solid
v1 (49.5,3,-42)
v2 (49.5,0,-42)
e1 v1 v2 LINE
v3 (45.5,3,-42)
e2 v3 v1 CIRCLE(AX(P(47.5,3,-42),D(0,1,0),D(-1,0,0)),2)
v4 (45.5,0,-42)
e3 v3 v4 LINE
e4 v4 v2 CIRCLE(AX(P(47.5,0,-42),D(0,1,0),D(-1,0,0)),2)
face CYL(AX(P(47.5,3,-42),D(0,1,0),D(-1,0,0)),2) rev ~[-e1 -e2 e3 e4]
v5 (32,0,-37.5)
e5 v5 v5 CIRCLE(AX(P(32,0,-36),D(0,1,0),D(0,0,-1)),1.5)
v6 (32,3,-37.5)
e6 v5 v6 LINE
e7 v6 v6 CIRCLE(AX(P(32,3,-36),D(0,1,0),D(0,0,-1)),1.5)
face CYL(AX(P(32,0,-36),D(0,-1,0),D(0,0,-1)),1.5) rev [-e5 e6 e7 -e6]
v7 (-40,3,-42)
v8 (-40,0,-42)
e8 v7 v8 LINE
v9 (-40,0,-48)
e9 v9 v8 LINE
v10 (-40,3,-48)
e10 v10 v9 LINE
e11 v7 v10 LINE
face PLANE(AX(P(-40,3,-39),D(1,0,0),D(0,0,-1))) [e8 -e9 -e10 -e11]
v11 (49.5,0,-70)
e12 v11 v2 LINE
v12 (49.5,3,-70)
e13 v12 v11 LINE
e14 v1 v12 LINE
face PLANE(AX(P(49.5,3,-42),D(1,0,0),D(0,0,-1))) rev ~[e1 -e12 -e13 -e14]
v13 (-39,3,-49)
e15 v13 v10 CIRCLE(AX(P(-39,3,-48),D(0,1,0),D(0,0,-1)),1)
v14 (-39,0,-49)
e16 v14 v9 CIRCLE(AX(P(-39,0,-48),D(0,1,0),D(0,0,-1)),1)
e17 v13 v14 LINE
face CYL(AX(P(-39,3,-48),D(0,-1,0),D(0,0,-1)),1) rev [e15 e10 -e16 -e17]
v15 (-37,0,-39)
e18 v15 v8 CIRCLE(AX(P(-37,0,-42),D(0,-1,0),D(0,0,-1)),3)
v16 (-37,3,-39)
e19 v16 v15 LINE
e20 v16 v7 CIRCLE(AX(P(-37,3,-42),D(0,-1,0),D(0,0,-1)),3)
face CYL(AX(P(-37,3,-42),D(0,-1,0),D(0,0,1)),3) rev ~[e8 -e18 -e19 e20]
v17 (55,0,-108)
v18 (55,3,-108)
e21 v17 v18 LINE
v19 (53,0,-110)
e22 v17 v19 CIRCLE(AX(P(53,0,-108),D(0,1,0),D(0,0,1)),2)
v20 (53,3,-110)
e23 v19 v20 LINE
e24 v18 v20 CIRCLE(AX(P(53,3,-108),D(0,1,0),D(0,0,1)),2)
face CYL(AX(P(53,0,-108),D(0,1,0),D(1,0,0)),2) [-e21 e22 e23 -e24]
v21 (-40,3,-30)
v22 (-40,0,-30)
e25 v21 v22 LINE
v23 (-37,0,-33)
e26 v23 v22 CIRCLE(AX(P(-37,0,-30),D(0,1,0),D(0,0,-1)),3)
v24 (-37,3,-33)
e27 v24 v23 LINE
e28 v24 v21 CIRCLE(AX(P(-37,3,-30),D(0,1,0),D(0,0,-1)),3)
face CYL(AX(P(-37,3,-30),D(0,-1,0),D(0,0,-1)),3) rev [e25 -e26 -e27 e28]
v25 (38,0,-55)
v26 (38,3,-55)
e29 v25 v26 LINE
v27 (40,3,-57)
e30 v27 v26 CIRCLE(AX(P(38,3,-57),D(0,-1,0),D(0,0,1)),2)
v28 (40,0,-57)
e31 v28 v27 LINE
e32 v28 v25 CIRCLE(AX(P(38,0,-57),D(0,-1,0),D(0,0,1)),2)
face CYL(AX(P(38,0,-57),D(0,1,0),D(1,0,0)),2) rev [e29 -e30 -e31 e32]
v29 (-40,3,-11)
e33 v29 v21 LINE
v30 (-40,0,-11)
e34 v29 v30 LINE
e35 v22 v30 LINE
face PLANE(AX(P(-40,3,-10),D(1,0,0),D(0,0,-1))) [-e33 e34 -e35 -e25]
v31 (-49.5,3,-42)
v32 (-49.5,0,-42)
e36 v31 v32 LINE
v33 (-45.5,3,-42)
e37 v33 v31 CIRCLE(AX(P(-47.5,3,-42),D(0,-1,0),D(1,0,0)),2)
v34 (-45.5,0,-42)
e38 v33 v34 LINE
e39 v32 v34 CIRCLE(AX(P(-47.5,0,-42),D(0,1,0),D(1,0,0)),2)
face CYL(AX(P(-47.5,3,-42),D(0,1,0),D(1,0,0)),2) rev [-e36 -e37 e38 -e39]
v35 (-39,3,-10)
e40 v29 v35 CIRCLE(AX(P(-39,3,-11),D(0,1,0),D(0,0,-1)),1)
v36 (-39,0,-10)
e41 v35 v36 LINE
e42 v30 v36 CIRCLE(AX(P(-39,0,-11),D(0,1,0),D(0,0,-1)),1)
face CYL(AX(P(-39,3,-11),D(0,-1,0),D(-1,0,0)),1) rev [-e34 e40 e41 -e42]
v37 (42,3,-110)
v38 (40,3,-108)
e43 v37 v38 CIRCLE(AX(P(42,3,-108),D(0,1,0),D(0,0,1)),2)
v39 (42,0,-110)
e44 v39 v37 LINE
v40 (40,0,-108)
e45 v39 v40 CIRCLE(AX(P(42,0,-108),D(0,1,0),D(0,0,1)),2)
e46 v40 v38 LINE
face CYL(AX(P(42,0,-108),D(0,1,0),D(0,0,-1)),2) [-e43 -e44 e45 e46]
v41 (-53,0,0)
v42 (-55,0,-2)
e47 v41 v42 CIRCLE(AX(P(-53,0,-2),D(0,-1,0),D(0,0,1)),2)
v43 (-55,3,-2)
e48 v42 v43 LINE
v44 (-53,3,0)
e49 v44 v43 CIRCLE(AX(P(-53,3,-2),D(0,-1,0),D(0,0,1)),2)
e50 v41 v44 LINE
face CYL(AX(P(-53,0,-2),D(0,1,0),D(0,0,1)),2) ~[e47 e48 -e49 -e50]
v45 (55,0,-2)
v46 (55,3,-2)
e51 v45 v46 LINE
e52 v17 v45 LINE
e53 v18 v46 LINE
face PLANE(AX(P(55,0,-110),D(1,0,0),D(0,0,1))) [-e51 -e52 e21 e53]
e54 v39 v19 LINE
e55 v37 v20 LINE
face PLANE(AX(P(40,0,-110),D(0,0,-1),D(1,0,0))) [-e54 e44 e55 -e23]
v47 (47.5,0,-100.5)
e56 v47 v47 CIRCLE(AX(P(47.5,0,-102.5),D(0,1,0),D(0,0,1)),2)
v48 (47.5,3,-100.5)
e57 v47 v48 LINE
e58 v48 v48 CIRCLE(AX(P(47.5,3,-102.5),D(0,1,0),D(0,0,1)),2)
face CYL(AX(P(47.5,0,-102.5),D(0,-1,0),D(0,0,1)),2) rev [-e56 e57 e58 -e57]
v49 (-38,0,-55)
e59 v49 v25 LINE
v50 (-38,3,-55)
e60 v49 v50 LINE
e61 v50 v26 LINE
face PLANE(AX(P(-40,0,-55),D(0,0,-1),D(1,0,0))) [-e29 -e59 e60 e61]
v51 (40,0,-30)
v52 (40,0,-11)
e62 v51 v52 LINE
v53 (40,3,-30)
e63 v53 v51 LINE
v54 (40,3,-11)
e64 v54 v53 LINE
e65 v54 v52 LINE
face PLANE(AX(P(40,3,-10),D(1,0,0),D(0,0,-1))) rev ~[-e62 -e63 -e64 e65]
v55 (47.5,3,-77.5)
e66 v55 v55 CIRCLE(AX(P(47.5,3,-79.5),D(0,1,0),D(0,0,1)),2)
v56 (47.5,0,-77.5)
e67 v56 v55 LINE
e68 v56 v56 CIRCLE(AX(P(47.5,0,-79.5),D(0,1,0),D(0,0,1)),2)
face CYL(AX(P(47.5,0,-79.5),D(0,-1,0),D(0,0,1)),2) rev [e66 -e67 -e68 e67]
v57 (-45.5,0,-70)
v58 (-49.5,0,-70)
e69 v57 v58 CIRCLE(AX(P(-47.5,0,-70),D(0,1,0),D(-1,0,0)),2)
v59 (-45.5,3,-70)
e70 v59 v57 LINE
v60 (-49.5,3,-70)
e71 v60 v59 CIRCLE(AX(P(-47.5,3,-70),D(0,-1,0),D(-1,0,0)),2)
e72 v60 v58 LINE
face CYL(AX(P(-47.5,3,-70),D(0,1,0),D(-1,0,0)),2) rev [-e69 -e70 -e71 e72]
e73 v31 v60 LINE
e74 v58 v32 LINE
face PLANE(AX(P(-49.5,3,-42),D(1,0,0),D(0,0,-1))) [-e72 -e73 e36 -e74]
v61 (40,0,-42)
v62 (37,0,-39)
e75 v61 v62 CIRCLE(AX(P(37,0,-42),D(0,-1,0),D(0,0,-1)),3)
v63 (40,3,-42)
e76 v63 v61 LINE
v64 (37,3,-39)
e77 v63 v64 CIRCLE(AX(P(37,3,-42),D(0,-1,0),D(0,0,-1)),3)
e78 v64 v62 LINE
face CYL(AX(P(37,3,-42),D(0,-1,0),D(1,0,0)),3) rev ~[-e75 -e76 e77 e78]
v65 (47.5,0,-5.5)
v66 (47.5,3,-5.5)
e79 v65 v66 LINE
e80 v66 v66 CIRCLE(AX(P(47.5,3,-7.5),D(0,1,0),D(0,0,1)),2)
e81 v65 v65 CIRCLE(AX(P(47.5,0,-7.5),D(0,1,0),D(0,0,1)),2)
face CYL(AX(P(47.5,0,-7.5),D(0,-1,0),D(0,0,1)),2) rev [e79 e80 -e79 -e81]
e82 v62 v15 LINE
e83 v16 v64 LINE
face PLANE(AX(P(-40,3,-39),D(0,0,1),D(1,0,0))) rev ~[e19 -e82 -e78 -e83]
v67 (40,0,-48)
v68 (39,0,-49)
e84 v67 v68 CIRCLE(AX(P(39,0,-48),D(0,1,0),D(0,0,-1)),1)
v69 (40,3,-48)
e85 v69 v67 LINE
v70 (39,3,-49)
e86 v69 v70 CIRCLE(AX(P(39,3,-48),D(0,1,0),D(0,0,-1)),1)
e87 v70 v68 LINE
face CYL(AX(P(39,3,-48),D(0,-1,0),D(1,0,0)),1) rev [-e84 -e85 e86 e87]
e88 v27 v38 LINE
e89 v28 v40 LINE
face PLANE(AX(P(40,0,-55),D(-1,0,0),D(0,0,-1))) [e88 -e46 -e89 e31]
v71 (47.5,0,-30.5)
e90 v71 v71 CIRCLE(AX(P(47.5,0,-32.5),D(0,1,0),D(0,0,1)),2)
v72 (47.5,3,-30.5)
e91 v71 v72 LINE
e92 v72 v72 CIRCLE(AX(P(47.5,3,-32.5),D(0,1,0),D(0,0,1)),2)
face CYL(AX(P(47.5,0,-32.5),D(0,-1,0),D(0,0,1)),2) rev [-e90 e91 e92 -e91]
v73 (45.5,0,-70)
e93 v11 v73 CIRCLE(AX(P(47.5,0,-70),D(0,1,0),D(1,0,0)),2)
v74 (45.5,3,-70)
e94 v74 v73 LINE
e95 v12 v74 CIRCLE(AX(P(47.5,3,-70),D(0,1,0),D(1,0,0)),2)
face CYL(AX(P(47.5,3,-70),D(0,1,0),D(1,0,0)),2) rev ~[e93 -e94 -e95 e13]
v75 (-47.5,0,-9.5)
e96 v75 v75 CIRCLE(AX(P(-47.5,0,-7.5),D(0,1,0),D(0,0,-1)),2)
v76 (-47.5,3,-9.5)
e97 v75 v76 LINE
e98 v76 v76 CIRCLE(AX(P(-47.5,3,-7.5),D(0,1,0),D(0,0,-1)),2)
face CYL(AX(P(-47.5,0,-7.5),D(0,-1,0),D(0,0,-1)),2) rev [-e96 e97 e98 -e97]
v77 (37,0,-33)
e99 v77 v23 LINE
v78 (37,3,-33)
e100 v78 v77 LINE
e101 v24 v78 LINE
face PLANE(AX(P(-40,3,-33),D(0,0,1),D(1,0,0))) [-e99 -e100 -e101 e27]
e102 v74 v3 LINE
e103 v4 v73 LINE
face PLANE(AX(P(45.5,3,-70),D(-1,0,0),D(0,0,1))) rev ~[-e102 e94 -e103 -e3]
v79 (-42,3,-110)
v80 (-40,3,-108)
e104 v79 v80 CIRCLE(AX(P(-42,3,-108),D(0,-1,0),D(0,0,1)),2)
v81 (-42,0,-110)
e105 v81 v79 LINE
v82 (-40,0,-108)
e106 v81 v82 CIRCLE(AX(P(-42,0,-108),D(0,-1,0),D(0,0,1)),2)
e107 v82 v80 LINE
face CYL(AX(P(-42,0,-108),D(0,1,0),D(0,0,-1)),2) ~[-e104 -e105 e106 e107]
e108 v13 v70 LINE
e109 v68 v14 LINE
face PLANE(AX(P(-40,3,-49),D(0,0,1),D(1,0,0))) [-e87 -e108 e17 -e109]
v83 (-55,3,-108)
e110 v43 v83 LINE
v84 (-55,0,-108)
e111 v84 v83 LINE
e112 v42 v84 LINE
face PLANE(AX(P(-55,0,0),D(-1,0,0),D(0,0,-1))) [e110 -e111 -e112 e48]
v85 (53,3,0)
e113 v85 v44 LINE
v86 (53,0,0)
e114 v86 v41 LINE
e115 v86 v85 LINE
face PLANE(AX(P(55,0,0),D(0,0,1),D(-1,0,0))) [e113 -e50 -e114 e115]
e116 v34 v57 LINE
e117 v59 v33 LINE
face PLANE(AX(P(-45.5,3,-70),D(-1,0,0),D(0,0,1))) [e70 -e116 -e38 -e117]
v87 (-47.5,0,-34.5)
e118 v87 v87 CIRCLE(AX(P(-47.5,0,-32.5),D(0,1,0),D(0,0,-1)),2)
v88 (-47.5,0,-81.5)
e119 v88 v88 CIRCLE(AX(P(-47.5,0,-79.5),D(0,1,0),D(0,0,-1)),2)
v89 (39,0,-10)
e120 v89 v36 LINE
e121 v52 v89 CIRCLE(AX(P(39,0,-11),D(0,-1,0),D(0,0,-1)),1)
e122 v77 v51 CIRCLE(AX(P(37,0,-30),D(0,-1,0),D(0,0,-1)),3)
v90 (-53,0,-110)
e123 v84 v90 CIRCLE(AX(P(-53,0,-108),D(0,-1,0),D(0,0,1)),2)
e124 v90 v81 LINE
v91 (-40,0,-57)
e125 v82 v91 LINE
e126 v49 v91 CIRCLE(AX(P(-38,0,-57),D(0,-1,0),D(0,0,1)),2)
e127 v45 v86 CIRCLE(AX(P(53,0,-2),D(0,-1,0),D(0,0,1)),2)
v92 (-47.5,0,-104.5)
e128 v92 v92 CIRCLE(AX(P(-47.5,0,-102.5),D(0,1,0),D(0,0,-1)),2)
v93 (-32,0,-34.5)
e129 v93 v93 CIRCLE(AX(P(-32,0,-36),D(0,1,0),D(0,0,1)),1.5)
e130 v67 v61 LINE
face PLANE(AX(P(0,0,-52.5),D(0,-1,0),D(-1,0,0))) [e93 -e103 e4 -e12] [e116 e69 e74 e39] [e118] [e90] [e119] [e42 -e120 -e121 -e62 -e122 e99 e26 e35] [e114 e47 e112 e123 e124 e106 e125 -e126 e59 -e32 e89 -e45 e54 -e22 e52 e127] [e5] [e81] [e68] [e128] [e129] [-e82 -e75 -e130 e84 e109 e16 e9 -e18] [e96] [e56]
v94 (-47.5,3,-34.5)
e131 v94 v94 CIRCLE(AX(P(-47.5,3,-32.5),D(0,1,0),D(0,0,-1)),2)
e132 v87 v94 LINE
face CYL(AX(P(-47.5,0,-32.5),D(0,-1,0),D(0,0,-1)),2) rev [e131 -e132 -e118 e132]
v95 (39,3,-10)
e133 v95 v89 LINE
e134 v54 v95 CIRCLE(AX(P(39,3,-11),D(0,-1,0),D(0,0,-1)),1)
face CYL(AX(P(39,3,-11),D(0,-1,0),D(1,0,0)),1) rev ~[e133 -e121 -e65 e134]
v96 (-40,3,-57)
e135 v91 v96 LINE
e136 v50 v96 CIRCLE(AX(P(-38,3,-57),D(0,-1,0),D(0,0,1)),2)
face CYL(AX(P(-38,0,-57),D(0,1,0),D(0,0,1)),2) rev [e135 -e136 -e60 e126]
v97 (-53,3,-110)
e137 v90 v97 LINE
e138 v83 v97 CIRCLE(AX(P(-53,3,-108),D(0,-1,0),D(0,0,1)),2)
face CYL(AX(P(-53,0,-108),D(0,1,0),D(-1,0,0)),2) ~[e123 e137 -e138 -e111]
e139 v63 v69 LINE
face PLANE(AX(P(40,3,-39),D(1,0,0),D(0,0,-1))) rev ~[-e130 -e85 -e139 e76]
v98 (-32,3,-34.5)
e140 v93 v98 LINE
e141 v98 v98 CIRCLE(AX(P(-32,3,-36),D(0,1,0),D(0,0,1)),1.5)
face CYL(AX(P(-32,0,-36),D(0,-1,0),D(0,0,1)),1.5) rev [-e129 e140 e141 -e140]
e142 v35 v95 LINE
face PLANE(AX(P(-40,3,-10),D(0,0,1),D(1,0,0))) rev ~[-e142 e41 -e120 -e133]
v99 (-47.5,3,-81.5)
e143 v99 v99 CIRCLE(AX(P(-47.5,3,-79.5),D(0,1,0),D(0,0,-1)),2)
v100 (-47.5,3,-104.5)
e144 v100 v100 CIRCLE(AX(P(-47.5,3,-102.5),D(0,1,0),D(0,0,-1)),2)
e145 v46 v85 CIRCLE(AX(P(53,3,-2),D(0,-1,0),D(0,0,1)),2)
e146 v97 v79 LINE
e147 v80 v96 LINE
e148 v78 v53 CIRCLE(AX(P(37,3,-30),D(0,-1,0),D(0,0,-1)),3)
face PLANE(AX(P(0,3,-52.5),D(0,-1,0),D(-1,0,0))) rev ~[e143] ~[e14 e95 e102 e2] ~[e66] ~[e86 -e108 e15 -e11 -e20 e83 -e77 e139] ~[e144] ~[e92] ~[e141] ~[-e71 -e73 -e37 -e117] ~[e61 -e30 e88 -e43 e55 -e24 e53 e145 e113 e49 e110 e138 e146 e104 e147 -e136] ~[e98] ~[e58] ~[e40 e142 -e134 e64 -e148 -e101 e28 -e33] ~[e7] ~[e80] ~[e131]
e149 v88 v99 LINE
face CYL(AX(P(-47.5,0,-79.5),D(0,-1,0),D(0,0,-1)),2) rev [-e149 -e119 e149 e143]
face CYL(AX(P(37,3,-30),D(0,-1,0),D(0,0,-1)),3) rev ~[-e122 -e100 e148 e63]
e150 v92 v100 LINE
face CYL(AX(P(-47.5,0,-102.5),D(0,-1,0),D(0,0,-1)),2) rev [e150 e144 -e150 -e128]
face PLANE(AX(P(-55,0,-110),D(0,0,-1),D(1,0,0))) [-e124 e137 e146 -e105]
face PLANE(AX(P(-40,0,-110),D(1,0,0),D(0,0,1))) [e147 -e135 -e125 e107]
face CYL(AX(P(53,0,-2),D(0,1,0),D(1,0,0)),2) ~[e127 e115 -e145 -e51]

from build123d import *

# Parameters (mm, degrees)
SKETCH_1_R          = 2
SKETCH_1_R_2        = 1.5
EXTRUDE_1_DEPTH     = 3
SKETCH_2_W          = 80
SKETCH_2_H          = 23
SKETCH_2_H_2        = 10
CUT_EXTRUDE_1_DEPTH = 124.020323524
FILLET_1_R          = 2
FILLET_2_R          = 3
FILLET_3_R          = 1


with BuildPart() as part:
    # 草图1 → 凸台-拉伸1 (new body)
    with BuildSketch(Plane(origin=(0, 0, 0), x_dir=(1, 0, 0), z_dir=(0, 1, 0))):
        Polygon((55, 110), (55, 0), (-55, 0), (-55, 110), (-40, 110), (-40, 55), (40, 55), (40, 110), align=None)
        with Locations(Location((47.5, 32.5, 0), (0, 0, 270))):
            Circle(SKETCH_1_R, mode=Mode.SUBTRACT)
        with Locations(Location((47.5, 7.5, 0), (0, 0, 270))):
            Circle(SKETCH_1_R, mode=Mode.SUBTRACT)
        with Locations(Location((47.5, 79.5, 0), (0, 0, 270))):
            Circle(SKETCH_1_R, mode=Mode.SUBTRACT)
        with Locations(Location((47.5, 102.5, 0), (0, 0, 270))):
            Circle(SKETCH_1_R, mode=Mode.SUBTRACT)
        with Locations(Location((-47.5, 102.5, 0), (0, 0, 90))):
            Circle(SKETCH_1_R, mode=Mode.SUBTRACT)
        with Locations(Location((-47.5, 79.5, 0), (0, 0, 90))):
            Circle(SKETCH_1_R, mode=Mode.SUBTRACT)
        with Locations(Location((-47.5, 7.5, 0), (0, 0, 90))):
            Circle(SKETCH_1_R, mode=Mode.SUBTRACT)
        with Locations(Location((-47.5, 32.5, 0), (0, 0, 90))):
            Circle(SKETCH_1_R, mode=Mode.SUBTRACT)
        with Locations(Location((-32, 36, 0), (0, 0, 270))):
            Circle(SKETCH_1_R_2, mode=Mode.SUBTRACT)
        with Locations(Location((32, 36, 0), (0, 0, 90))):
            Circle(SKETCH_1_R_2, mode=Mode.SUBTRACT)
    extrude(amount=EXTRUDE_1_DEPTH)

    # 草图2 → 切除-拉伸1 (cut, through all)
    with BuildSketch(Plane(origin=(0, 3, 0), x_dir=(1, 0, 0), z_dir=(0, 1, 0))):
        with Locations((0, 21.5)):
            Rectangle(SKETCH_2_W, SKETCH_2_H)
        with Locations((0, 44)):
            Rectangle(SKETCH_2_W, SKETCH_2_H_2)
        with BuildLine():
            Line((-45.5, 70), (-45.5, 42))
            ThreePointArc((-45.5, 42), (-47.5, 40), (-49.5, 42))
            Line((-49.5, 42), (-49.5, 70))
            ThreePointArc((-49.5, 70), (-47.5, 72), (-45.5, 70))
        make_face()
        with BuildLine():
            Line((45.5, 70), (45.5, 42))
            ThreePointArc((45.5, 42), (47.5, 40), (49.5, 42))
            Line((49.5, 42), (49.5, 70))
            ThreePointArc((49.5, 70), (47.5, 72), (45.5, 70))
        make_face()
    extrude(amount=-CUT_EXTRUDE_1_DEPTH, mode=Mode.SUBTRACT)

    # 圆角1
    fillet_1_edges = [part.edges().sort_by_distance(p)[0] for p in [
        (55, 1.5, -110),
        (55, 1.5, 0),
        (-55, 1.5, 0),
        (-55, 1.5, -110),
        (-40, 1.5, -110),
        (-40, 1.5, -55),
        (40, 1.5, -55),
        (40, 1.5, -110),
    ]]
    fillet(fillet_1_edges, radius=FILLET_1_R)

    # 圆角2
    fillet_2_edges = [part.edges().sort_by_distance(p)[0] for p in [
        (-40, 1.5, -33),
        (40, 1.5, -33),
        (40, 1.5, -39),
        (-40, 1.5, -39),
    ]]
    fillet(fillet_2_edges, radius=FILLET_2_R)

    # 圆角3
    fillet_3_edges = [part.edges().sort_by_distance(p)[0] for p in [
        (-40, 1.5, -10),
        (40, 1.5, -10),
        (-40, 1.5, -49),
        (40, 1.5, -49),
    ]]
    fillet(fillet_3_edges, radius=FILLET_3_R)


solid = part.part
